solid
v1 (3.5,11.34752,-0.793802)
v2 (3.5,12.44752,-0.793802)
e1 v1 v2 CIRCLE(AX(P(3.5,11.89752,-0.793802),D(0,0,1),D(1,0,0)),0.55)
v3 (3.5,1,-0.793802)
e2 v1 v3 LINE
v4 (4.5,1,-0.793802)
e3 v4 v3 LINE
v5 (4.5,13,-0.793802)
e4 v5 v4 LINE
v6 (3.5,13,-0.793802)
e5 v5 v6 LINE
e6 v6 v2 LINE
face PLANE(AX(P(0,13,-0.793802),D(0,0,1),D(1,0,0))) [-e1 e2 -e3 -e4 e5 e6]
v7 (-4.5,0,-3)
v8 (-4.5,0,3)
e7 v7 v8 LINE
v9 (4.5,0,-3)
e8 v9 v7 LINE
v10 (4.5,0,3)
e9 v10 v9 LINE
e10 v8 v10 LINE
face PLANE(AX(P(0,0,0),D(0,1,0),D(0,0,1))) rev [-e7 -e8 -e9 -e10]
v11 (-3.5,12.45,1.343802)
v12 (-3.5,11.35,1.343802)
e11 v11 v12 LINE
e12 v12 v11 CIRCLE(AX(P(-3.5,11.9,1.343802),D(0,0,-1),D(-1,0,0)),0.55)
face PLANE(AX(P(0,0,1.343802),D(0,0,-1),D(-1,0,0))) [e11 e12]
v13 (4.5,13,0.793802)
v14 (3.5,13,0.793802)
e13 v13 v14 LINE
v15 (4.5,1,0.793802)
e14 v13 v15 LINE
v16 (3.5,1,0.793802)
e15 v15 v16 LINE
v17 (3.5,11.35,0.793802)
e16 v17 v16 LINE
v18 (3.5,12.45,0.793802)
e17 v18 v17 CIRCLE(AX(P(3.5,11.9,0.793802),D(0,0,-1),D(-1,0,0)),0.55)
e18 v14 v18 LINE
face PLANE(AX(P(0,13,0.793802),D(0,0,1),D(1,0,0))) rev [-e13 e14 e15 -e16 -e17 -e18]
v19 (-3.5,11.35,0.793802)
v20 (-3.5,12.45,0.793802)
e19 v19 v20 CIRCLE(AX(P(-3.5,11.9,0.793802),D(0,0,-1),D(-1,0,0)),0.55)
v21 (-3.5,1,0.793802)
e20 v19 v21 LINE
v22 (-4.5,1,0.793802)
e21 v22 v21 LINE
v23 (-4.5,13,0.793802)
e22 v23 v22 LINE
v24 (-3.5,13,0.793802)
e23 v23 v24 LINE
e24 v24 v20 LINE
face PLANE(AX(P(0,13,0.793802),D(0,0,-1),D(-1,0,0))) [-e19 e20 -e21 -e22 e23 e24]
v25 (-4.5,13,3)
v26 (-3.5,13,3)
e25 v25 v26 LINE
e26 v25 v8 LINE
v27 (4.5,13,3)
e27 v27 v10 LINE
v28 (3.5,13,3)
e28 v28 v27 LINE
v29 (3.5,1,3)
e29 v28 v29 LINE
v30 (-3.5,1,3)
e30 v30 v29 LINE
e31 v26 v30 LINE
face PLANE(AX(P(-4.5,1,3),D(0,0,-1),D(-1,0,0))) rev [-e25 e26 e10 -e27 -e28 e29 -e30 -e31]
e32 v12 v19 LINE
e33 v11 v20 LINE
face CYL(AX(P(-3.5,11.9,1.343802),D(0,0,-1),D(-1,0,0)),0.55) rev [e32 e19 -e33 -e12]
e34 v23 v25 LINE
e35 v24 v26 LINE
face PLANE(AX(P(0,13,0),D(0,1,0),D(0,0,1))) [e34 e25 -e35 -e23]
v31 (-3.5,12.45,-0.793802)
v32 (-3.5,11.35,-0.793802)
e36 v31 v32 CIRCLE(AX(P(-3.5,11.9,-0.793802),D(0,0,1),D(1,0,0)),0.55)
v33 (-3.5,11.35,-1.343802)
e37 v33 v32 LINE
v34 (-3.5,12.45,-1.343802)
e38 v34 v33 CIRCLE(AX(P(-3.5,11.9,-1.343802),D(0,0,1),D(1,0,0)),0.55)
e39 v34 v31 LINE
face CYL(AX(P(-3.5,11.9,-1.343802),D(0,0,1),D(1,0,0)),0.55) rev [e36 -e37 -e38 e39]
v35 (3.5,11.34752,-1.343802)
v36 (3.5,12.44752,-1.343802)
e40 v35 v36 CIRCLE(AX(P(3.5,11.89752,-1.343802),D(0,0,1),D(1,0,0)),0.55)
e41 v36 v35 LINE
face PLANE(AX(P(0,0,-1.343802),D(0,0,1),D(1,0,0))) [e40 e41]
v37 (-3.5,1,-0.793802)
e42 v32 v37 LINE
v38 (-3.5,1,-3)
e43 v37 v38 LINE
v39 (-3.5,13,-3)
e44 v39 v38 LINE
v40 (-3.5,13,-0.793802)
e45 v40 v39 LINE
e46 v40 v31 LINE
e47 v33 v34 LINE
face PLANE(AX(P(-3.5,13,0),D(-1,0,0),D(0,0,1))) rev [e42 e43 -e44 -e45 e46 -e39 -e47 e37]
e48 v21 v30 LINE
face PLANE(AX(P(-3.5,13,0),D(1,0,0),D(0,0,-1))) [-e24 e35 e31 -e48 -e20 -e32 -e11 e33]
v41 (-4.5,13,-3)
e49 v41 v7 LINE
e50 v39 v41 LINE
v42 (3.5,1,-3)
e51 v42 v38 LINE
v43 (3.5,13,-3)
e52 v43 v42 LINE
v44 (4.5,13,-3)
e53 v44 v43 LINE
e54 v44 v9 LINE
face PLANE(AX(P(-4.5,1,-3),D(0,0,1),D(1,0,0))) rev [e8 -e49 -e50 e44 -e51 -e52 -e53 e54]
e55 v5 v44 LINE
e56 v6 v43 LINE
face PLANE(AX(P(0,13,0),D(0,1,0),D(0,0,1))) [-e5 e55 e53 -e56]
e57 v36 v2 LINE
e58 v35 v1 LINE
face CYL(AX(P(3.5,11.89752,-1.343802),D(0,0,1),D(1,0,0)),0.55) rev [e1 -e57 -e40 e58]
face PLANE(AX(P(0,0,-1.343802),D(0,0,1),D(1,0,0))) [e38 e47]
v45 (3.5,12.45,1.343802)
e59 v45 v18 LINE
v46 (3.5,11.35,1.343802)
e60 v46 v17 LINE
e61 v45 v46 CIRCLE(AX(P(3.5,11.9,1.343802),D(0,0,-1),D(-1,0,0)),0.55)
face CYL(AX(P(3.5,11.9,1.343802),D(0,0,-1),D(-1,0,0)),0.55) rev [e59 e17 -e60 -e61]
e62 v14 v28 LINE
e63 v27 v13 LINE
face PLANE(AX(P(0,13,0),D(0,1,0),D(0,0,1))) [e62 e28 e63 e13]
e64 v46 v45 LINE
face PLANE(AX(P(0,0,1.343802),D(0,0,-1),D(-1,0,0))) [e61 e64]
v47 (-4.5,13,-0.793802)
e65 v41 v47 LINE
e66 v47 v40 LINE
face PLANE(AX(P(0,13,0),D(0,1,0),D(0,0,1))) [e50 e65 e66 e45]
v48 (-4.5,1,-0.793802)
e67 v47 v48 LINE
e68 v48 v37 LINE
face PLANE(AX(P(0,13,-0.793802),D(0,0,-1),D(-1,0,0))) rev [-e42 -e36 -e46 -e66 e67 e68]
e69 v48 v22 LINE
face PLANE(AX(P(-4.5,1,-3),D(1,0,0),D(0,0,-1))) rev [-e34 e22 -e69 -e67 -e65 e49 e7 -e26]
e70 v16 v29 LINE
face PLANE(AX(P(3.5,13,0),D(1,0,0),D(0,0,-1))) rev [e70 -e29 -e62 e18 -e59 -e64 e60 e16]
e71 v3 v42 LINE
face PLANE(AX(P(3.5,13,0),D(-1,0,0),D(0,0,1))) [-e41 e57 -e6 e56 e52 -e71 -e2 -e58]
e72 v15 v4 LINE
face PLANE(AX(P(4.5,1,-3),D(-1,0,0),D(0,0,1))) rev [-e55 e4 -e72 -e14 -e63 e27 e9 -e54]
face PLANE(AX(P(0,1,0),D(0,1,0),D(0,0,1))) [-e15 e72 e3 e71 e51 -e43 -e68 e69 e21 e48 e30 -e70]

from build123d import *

# Parameters (mm, degrees)
SKETCH_1_W          = 9
SKETCH_1_H          = 6
EXTRUDE_1_DEPTH     = 1
SKETCH_2_W          = 1
SKETCH_2_H          = 2.206197562
EXTRUDE_2_DEPTH     = 12
CUT_EXTRUDE_1_DEPTH = 0.55
CUT_EXTRUDE_2_DEPTH = 0.55
CUT_EXTRUDE_3_DEPTH = 0.55
CUT_EXTRUDE_START   = -0.55
CUT_EXTRUDE_4_DEPTH = 0.55


with BuildPart() as part:
    # 草圖1 → 填料-伸長1 (new body)
    with BuildSketch(Plane(origin=(0, 0, 0), x_dir=(1, 0, 0), z_dir=(0, 1, 0))):
        Rectangle(SKETCH_1_W, SKETCH_1_H)
    extrude(amount=EXTRUDE_1_DEPTH)

    # 草圖2 → 填料-伸長2 (add)
    with BuildSketch(Plane(origin=(0, 1, 0), x_dir=(1, 0, 0), z_dir=(0, 1, 0))):
        with Locations((-4, 1.896901219)):
            Rectangle(SKETCH_2_W, SKETCH_2_H)
        with Locations((-4, -1.896901219)):
            Rectangle(SKETCH_2_W, SKETCH_2_H)
        with Locations((4, -1.896901219)):
            Rectangle(SKETCH_2_W, SKETCH_2_H)
        with Locations((4, 1.896901219)):
            Rectangle(SKETCH_2_W, SKETCH_2_H)
    extrude(amount=EXTRUDE_2_DEPTH)

    # 草圖4 → 除料-伸長1 (cut)
    with BuildSketch(Plane.XY.offset(-0.793802438)):
        with BuildLine():
            ThreePointArc((4.05, 11.897519797), (3.88890873, 12.286428527), (3.5, 12.447519797))
            Line((3.5, 12.447519797), (3.5, 11.897519797))
            Line((3.5, 11.897519797), (3.5, 11.347519797))
            ThreePointArc((3.5, 11.347519797), (3.88890873, 11.508611068), (4.05, 11.897519797))
        make_face()
        with BuildLine():
            Line((3.5, 11.897519797), (3.5, 12.447519797))
            ThreePointArc((3.5, 12.447519797), (2.95, 11.897519797), (3.5, 11.347519797))
            Line((3.5, 11.347519797), (3.5, 11.897519797))
        make_face()
    extrude(amount=-CUT_EXTRUDE_1_DEPTH, mode=Mode.SUBTRACT)

    # 草圖6 → 除料-伸長2 (cut)
    with BuildSketch(Plane(origin=(0, 0, 0.793802438), x_dir=(-1, 0, 0), z_dir=(0, 0, -1))):
        with BuildLine():
            ThreePointArc((-2.95, 11.9), (-3.11109127, 12.28890873), (-3.5, 12.45))
            Line((-3.5, 12.45), (-3.5, 11.9))
            Line((-3.5, 11.9), (-3.5, 11.35))
            ThreePointArc((-3.5, 11.35), (-3.11109127, 11.51109127), (-2.95, 11.9))
        make_face()
        with BuildLine():
            Line((-3.5, 11.9), (-3.5, 12.45))
            ThreePointArc((-3.5, 12.45), (-4.05, 11.9), (-3.5, 11.35))
            Line((-3.5, 11.35), (-3.5, 11.9))
        make_face()
    extrude(amount=-CUT_EXTRUDE_2_DEPTH, mode=Mode.SUBTRACT)

    # 草圖7 → 除料-伸長3 (cut)
    with BuildSketch(Plane(origin=(0, 0, 0.793802438), x_dir=(-1, 0, 0), z_dir=(0, 0, -1))):
        with BuildLine():
            ThreePointArc((4.05, 11.9), (3.88890873, 12.28890873), (3.5, 12.45))
            Line((3.5, 12.45), (3.5, 11.9))
            Line((3.5, 11.9), (3.5, 11.35))
            ThreePointArc((3.5, 11.35), (3.88890873, 11.51109127), (4.05, 11.9))
        make_face()
        with BuildLine():
            Line((3.5, 11.9), (3.5, 12.45))
            ThreePointArc((3.5, 12.45), (2.95, 11.9), (3.5, 11.35))
            Line((3.5, 11.35), (3.5, 11.9))
        make_face()
    extrude(amount=-CUT_EXTRUDE_3_DEPTH, mode=Mode.SUBTRACT)

    # 草圖8 → 除料-伸長4 (cut)
    with BuildSketch(Plane.XY.offset(-0.793802438).offset(CUT_EXTRUDE_START)):
        with BuildLine():
            ThreePointArc((-2.95, 11.9), (-3.11109127, 12.28890873), (-3.5, 12.45))
            Line((-3.5, 12.45), (-3.5, 11.9))
            Line((-3.5, 11.9), (-3.5, 11.35))
            ThreePointArc((-3.5, 11.35), (-3.11109127, 11.51109127), (-2.95, 11.9))
        make_face()
        with BuildLine():
            Line((-3.5, 11.9), (-3.5, 12.45))
            ThreePointArc((-3.5, 12.45), (-4.05, 11.9), (-3.5, 11.35))
            Line((-3.5, 11.35), (-3.5, 11.9))
        make_face()
    extrude(amount=CUT_EXTRUDE_4_DEPTH, mode=Mode.SUBTRACT)


solid = part.part
